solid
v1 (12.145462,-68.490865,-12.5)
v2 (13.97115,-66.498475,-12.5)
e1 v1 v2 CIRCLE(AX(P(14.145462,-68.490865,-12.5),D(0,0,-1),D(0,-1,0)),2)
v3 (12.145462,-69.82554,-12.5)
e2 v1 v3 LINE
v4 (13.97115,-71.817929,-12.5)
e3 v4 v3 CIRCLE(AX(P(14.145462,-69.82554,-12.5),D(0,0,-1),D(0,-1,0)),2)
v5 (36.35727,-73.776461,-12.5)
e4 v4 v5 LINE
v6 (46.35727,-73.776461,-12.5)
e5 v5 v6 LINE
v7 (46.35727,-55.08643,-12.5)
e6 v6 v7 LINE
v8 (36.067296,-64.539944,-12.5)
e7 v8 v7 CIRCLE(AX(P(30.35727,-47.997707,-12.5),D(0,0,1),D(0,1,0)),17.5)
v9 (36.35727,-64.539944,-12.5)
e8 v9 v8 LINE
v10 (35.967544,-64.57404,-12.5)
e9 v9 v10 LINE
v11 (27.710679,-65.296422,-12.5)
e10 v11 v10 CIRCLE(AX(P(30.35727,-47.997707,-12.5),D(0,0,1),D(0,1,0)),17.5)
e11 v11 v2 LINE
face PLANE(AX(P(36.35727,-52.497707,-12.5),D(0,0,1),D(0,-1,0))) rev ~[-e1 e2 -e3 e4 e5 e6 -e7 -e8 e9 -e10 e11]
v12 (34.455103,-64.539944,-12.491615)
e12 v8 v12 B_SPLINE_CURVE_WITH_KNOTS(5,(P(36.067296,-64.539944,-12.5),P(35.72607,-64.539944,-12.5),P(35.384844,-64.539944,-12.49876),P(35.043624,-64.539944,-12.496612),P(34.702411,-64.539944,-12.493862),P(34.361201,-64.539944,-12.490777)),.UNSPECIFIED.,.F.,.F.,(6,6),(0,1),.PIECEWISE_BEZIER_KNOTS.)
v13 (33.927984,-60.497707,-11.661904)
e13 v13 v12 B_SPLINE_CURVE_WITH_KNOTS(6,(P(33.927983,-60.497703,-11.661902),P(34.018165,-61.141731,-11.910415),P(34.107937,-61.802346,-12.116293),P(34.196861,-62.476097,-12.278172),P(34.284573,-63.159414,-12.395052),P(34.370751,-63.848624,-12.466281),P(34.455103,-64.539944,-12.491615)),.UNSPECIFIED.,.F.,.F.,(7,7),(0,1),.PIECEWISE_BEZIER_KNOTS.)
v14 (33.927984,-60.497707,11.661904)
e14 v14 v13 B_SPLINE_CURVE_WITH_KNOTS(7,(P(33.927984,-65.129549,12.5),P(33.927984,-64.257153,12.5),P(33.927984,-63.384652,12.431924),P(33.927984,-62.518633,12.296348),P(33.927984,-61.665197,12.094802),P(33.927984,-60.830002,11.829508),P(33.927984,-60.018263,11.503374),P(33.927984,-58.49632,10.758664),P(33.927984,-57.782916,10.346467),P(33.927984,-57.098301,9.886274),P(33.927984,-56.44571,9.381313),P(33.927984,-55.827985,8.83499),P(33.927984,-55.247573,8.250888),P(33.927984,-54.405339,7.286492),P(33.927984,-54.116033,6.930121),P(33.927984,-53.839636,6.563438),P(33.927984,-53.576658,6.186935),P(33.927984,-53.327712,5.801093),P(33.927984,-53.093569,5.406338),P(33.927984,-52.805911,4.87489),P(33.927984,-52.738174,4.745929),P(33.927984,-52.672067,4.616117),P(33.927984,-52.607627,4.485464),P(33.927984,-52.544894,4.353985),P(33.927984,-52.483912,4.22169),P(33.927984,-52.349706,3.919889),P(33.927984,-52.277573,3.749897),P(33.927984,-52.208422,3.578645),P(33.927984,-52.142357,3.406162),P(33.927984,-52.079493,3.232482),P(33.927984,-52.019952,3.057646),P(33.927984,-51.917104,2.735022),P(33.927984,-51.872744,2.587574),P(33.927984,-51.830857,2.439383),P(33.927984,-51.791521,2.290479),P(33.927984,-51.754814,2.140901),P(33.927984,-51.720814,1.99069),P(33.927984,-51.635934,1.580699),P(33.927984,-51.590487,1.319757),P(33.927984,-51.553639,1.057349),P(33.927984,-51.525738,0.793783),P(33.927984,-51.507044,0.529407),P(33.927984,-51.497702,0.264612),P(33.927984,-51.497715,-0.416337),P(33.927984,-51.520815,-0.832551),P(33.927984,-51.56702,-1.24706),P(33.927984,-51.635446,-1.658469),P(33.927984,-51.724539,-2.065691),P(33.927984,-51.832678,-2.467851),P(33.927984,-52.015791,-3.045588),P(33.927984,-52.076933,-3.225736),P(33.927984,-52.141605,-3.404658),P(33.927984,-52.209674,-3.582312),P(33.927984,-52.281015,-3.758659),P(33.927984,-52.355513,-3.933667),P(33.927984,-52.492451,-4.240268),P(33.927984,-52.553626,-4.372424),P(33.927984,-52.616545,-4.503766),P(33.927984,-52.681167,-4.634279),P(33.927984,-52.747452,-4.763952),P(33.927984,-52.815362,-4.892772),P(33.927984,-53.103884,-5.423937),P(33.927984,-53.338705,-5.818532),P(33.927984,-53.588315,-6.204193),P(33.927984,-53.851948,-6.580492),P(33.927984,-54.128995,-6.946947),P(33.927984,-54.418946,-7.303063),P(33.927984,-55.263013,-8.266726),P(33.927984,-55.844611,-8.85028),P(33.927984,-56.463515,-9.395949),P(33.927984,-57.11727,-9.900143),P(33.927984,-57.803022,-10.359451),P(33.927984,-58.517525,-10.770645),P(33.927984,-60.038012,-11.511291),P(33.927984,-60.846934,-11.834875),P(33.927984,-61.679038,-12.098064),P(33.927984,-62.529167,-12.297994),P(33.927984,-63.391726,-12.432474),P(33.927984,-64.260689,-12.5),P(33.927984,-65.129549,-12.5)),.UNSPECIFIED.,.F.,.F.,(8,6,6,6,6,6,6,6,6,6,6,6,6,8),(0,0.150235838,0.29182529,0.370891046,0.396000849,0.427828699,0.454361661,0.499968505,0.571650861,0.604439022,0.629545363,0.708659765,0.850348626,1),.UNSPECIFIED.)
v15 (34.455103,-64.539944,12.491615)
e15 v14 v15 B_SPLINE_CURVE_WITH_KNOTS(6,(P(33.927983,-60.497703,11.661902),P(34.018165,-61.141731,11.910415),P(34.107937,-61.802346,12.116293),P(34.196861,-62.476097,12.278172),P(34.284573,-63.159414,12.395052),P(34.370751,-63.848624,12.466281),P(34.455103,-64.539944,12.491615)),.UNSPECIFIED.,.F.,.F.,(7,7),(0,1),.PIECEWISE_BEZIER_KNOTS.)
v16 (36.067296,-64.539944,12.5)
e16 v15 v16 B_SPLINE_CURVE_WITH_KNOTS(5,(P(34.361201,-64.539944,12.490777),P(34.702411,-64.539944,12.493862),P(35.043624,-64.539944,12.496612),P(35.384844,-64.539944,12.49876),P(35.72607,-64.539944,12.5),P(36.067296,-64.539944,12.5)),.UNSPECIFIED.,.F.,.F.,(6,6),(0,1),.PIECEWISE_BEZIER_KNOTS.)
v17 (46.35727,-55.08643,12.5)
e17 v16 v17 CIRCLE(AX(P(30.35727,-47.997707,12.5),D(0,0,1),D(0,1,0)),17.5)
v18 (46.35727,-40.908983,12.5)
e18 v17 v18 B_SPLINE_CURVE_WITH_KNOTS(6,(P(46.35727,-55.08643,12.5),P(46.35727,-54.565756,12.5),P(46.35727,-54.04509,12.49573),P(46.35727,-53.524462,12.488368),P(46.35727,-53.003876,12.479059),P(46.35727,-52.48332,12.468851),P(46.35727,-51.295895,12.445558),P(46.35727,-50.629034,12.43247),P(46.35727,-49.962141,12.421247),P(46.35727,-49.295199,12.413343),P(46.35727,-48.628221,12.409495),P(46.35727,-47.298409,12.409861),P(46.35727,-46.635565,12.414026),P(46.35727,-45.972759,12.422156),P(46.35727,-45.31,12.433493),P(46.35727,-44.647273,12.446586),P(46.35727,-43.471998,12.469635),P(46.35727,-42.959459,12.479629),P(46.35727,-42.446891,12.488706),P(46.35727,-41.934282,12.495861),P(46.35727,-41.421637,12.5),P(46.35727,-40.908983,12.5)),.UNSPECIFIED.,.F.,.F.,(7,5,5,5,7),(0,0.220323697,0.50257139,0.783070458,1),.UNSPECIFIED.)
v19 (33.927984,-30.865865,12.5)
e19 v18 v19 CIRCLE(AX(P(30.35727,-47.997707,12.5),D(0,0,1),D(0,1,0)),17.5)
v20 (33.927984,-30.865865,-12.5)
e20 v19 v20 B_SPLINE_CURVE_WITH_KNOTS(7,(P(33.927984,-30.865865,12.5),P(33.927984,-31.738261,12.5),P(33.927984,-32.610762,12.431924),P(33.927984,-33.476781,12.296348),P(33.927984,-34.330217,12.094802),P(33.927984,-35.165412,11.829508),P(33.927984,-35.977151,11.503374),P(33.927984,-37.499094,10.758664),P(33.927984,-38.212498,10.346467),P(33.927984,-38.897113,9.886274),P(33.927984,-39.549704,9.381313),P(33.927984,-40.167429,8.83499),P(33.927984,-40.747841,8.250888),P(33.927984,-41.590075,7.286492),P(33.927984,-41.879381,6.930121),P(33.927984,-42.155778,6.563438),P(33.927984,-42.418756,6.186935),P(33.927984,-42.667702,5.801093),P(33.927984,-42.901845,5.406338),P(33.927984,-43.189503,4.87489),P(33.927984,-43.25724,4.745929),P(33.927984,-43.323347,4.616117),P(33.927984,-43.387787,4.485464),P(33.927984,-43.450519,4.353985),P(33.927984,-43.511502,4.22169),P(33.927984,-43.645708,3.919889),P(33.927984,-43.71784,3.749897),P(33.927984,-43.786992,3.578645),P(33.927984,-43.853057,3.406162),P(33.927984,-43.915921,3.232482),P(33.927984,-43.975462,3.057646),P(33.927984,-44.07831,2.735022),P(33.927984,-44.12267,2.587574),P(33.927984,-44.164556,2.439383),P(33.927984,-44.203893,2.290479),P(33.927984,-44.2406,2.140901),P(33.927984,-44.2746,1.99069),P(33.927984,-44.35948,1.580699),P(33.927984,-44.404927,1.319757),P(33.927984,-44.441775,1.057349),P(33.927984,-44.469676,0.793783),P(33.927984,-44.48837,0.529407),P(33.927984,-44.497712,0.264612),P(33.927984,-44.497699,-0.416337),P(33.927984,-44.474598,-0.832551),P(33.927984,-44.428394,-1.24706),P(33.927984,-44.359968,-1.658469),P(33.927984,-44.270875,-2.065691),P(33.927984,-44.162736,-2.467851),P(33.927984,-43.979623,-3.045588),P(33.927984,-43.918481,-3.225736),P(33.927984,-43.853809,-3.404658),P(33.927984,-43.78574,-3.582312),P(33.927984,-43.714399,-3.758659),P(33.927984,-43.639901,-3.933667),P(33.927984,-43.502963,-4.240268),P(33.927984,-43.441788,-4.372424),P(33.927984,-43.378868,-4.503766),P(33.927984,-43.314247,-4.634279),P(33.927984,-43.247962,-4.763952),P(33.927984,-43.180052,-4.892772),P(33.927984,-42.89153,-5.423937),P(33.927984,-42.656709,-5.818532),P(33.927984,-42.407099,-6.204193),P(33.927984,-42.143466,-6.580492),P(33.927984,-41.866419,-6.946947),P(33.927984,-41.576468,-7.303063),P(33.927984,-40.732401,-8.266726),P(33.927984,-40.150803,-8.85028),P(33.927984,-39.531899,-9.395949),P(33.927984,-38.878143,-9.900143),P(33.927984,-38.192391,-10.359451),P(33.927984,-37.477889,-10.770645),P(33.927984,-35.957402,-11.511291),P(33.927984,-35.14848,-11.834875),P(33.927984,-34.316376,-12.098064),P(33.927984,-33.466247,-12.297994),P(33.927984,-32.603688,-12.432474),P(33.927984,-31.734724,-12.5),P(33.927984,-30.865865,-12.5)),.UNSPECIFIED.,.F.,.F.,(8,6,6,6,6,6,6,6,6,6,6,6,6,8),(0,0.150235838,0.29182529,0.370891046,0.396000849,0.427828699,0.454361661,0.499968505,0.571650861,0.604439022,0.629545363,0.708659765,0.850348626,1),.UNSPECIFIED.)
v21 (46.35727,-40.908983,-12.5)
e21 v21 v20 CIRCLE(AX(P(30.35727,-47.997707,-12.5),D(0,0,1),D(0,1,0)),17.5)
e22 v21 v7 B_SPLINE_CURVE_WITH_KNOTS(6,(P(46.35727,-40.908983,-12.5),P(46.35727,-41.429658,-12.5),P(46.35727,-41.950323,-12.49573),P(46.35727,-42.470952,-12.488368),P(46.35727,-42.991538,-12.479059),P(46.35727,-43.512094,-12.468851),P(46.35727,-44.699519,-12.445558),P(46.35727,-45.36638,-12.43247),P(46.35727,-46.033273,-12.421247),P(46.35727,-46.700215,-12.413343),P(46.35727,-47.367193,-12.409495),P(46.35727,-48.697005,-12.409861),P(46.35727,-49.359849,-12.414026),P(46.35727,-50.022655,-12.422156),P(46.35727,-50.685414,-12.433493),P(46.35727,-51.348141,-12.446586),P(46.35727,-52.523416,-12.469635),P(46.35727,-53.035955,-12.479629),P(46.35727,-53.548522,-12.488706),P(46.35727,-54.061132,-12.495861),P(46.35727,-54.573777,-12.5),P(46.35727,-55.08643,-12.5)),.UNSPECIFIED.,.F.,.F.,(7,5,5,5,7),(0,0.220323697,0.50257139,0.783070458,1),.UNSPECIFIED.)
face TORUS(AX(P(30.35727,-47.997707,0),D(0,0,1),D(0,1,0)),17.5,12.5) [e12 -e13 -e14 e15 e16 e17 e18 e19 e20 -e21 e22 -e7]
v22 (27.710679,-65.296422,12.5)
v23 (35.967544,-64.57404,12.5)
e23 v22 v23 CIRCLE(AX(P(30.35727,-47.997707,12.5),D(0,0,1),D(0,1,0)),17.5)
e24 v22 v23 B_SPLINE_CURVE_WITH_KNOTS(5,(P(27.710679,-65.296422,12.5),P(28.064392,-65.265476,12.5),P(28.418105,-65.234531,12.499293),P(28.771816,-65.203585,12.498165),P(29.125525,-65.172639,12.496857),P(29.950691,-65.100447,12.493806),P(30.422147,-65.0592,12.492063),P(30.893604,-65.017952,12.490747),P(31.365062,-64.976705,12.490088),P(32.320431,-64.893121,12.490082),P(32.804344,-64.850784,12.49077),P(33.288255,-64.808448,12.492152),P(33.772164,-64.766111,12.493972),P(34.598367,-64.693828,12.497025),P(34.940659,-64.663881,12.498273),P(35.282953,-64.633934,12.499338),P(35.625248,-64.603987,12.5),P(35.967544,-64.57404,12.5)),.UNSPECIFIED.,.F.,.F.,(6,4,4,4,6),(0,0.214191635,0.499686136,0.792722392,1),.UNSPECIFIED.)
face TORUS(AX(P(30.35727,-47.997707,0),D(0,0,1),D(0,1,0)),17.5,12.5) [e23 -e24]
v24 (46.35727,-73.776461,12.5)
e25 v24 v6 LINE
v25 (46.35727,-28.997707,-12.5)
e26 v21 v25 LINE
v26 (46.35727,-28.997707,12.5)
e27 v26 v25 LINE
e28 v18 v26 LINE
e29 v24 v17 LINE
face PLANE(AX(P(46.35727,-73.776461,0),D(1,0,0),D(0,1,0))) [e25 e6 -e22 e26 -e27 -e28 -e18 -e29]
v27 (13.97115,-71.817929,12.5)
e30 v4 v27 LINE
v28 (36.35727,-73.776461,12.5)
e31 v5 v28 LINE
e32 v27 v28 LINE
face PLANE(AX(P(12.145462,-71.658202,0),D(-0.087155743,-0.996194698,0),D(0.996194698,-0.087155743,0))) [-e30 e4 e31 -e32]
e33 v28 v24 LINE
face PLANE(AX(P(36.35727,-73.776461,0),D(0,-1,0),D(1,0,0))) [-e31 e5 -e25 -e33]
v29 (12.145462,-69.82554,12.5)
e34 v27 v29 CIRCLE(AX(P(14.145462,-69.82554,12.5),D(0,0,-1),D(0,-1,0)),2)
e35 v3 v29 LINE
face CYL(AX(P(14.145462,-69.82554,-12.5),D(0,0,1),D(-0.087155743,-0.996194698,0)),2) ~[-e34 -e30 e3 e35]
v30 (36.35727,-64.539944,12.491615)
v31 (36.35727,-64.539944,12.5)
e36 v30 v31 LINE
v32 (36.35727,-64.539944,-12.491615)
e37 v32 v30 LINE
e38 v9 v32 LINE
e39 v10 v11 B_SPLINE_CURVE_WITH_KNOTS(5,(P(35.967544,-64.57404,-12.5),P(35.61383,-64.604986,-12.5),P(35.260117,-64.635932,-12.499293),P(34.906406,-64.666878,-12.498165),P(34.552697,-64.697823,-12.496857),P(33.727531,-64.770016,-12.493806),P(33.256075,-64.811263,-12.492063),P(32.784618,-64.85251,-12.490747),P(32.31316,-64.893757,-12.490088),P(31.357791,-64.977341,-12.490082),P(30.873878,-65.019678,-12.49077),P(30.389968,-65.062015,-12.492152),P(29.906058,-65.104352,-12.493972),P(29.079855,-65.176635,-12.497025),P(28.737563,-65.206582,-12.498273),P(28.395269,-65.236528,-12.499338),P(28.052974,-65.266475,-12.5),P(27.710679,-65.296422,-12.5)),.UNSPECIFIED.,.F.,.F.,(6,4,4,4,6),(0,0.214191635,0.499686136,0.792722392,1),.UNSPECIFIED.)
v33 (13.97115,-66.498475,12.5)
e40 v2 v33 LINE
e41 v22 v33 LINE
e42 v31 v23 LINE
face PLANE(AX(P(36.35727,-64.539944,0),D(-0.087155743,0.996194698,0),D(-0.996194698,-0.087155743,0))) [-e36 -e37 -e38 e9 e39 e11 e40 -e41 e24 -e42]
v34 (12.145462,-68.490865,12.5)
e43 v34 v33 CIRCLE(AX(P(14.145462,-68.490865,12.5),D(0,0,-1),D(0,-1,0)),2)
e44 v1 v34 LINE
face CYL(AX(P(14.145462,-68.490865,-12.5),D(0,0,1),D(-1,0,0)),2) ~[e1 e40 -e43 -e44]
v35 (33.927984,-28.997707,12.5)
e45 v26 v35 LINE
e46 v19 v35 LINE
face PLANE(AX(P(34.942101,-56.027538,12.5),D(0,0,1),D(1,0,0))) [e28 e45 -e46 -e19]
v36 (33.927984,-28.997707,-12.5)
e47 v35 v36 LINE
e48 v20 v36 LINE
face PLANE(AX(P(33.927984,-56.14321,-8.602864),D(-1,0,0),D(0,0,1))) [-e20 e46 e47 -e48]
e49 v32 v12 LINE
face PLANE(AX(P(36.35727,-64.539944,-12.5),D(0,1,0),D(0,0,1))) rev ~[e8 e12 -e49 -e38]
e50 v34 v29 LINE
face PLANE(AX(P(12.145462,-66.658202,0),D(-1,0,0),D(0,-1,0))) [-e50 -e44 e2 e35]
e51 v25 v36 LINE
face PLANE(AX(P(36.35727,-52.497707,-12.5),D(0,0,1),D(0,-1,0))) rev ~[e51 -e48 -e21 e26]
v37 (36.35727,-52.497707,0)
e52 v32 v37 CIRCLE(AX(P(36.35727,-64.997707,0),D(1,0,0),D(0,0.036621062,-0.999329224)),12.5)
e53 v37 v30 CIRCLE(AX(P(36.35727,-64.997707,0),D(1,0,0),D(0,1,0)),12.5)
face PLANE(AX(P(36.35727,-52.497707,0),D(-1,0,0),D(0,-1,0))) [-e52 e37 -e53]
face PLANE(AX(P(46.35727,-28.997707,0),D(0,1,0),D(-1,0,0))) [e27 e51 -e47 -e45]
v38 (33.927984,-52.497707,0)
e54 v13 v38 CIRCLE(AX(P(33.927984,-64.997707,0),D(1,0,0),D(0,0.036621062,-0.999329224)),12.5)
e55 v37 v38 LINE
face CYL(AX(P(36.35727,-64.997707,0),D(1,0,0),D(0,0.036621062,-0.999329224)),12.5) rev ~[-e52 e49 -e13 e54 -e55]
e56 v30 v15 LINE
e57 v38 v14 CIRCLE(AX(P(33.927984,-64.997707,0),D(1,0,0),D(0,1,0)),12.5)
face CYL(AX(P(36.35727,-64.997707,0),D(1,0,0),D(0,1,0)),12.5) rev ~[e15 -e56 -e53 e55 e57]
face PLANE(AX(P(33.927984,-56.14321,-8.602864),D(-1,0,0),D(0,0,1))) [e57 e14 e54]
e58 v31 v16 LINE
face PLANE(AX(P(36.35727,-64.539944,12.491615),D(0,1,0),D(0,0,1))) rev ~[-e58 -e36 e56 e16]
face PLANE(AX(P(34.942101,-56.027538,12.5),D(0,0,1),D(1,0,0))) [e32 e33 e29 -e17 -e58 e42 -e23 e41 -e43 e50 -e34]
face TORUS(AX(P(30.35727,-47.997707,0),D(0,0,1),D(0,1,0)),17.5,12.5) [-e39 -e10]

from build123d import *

# Parameters (mm, degrees)
BOSS_EXTRUDE1_DEPTH = 12.5
BOSS_EXTRUDE2_DEPTH = 2.429285786
FILLET2_R           = 2


with BuildPart() as part:
    # Sketch2 → Boss-Extrude1 (new, symmetric)
    with BuildSketch(Plane.XY):
        Polygon((33.927983868, -28.997706932), (33.927983868, -52.497706932), (36.357269654, -52.497706932), (36.357269654, -64.539943653), (12.14546184, -66.65820236), (12.14546184, -71.65820236), (36.357269654, -73.776461068), (46.357269654, -73.776461068), (46.357269654, -28.997706932), align=None)
    extrude(amount=BOSS_EXTRUDE1_DEPTH, both=True)

    # Sketch4 → Boss-Extrude2 (add)
    with BuildSketch(Plane.ZY.offset(-36.357269654)):
        with BuildLine():
            Line((-12.5, -52.497706932), (-12.5, -64.539943653))
            Line((-12.5, -64.539943653), (-12.491615299, -64.539943653))
            ThreePointArc((-12.491615299, -64.539943653), (-8.675481514, -55.998483605), (0, -52.497706932))
            Line((0, -52.497706932), (-12.5, -52.497706932))
        make_face()
        with BuildLine():
            Line((12.5, -52.497706932), (0, -52.497706932))
            ThreePointArc((0, -52.497706932), (8.675481514, -55.998483605), (12.491615299, -64.539943653))
            Line((12.491615299, -64.539943653), (12.5, -64.539943653))
            Line((12.5, -64.539943653), (12.5, -52.497706932))
        make_face()
    extrude(amount=BOSS_EXTRUDE2_DEPTH)

    # Sketch3 → Cut-Revolve1 (revolve, cut)
    with BuildSketch(Plane.ZY.offset(-30.357269654)):
        with BuildLine():
            Line((-12.5, -47.997706932), (12.5, -47.997706932))
            Line((12.5, -47.997706932), (12.5, -30.497706932))
            ThreePointArc((12.5, -30.497706932), (0, -42.997706932), (-12.5, -30.497706932))
            Line((-12.5, -30.497706932), (-12.5, -47.997706932))
        make_face()
    revolve(axis=Axis((30.357269654, -47.997706932, -12.5), (0, 0, 1)), mode=Mode.SUBTRACT)

    # Fillet2
    fillet2_edges = [part.edges().sort_by_distance(p)[0] for p in [
        (12.14546184, -71.65820236, 0),
        (12.14546184, -66.65820236, 0),
    ]]
    fillet(fillet2_edges, radius=FILLET2_R)


solid = part.part
